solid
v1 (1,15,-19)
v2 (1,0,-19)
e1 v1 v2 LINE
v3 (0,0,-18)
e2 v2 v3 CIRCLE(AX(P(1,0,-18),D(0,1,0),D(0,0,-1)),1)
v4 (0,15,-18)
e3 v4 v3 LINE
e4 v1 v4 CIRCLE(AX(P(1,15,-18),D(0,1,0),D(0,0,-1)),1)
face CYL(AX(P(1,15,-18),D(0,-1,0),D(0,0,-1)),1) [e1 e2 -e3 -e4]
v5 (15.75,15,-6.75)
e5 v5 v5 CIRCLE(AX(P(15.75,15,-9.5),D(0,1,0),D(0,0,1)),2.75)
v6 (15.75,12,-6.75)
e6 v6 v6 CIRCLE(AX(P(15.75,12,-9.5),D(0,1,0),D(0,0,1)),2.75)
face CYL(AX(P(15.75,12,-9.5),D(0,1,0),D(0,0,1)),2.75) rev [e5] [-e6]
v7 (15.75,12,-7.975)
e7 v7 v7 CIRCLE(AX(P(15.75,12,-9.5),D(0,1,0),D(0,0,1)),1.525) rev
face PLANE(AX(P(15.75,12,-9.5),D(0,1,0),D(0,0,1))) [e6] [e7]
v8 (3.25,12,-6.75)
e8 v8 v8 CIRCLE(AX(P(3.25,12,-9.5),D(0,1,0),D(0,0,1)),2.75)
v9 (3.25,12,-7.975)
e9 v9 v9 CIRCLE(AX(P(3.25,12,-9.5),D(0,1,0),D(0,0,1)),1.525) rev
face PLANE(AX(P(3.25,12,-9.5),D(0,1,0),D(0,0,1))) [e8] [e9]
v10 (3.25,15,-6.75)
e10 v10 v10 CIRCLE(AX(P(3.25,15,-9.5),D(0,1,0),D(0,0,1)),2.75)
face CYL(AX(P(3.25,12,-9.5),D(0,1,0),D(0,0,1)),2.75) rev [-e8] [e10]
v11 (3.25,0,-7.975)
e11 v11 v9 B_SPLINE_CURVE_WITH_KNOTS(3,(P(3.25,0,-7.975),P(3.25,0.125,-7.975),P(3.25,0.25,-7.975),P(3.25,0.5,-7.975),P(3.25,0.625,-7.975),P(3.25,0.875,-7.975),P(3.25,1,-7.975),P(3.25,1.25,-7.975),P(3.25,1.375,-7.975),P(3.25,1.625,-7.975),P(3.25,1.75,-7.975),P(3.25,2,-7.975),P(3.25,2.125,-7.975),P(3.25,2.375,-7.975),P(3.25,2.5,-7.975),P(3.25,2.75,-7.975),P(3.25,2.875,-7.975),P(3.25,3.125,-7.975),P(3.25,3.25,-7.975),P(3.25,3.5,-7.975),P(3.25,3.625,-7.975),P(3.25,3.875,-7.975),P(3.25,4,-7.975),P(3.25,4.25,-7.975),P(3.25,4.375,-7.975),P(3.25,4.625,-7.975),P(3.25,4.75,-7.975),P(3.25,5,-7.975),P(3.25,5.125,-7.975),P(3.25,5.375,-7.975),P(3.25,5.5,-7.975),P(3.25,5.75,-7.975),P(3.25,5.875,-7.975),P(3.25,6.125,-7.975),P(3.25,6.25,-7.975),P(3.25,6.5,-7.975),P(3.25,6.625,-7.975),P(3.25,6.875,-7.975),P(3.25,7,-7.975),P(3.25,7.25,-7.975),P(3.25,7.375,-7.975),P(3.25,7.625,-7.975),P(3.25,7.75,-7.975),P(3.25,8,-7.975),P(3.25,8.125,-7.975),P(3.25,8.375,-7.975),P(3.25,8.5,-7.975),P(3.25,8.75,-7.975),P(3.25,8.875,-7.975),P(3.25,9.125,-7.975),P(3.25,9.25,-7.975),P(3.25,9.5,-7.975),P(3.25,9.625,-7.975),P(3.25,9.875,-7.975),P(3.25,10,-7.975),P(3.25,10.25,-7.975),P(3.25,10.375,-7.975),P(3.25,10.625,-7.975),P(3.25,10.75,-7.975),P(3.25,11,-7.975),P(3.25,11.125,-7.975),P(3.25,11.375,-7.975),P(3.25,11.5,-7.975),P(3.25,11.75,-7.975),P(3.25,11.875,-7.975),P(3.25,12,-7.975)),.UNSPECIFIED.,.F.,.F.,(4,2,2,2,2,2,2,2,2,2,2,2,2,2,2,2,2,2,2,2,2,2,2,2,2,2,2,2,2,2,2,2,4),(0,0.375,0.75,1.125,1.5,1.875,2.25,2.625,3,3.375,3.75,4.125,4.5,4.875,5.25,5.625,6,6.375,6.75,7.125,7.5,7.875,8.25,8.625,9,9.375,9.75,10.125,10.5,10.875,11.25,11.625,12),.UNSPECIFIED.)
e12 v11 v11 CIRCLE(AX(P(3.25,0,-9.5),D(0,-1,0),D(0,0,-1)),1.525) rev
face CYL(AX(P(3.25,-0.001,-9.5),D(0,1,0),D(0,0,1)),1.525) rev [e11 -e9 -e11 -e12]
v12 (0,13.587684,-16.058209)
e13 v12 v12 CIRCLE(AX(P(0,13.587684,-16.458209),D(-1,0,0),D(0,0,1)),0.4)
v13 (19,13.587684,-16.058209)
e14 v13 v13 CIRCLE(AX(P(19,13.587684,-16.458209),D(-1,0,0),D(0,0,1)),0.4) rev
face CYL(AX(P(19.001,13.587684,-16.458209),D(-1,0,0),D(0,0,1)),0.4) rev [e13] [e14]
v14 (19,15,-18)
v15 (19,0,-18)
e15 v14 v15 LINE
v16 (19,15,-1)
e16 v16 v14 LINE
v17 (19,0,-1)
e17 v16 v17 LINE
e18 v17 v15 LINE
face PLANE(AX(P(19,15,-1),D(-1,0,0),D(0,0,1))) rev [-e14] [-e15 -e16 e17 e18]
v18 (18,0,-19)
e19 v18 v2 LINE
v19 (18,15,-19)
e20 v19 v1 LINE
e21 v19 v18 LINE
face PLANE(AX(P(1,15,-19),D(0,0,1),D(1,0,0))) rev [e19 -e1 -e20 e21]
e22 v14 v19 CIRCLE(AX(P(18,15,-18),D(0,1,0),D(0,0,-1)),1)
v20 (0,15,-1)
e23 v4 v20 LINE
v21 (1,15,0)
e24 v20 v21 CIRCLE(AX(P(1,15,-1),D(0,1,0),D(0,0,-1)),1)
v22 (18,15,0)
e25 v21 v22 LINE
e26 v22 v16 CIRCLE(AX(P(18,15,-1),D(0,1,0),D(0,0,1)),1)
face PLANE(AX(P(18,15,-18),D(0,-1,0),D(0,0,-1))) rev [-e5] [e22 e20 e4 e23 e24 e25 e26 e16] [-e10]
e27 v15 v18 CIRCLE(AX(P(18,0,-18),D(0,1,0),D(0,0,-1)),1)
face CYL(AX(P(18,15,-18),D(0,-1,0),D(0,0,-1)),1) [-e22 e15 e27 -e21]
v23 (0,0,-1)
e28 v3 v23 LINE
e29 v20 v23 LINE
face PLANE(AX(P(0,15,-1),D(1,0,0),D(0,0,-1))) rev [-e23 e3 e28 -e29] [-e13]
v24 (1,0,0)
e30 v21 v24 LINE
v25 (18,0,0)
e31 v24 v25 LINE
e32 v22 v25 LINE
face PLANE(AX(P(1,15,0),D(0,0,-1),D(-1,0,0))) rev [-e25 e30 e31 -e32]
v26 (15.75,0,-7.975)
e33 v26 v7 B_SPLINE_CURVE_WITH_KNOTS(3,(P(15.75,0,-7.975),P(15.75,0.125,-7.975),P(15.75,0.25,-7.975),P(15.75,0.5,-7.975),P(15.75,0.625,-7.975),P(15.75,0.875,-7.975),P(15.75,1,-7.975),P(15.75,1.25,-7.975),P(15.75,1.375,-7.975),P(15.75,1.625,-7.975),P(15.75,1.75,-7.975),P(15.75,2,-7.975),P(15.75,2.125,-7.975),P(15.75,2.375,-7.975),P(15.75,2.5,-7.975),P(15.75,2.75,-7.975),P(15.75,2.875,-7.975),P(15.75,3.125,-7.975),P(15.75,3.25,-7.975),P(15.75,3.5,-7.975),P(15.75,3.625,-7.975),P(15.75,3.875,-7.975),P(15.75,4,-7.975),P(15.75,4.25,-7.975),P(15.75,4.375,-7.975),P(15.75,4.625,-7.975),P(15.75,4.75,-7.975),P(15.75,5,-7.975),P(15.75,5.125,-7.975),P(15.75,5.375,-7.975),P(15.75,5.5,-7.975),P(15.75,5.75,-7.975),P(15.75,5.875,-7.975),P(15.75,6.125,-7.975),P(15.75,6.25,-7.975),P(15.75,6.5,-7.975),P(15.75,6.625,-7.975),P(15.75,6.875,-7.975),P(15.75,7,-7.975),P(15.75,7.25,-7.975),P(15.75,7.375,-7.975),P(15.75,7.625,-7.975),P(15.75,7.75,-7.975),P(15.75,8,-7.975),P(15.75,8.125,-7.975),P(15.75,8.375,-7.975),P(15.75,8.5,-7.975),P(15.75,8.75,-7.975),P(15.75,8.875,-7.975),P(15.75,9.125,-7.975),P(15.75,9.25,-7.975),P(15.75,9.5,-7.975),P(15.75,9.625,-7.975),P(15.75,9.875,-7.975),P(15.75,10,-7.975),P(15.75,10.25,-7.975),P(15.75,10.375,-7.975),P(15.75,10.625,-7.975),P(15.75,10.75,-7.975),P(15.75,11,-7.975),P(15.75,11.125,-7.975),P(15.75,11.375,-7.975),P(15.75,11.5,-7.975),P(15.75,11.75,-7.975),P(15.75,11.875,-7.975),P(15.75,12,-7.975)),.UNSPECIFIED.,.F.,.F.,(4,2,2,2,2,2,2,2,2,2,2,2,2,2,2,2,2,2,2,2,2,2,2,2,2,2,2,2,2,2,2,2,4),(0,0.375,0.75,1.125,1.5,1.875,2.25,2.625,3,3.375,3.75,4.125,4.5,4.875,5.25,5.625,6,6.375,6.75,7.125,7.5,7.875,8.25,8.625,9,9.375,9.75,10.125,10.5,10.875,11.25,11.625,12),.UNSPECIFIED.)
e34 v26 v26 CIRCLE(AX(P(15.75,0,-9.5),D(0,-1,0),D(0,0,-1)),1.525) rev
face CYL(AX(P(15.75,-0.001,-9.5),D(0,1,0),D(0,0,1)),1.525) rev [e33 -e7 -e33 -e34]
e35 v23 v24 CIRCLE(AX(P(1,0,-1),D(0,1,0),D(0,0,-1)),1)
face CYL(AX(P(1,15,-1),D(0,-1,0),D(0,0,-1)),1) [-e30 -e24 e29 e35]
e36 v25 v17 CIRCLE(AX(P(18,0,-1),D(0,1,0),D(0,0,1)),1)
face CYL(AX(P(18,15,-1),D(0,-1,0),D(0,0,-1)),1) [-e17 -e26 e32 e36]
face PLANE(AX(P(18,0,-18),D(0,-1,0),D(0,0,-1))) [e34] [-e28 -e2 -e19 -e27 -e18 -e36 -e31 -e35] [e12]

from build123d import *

# Parameters (mm, degrees)
BOSS_EXTRUDE1_DEPTH = 15
CUT_EXTRUDE1_REACH  = 32.773
SKETCH2_R           = 1.525
SKETCH3_R           = 2.75
CUT_EXTRUDE2_DEPTH  = 3
CUT_EXTRUDE3_REACH  = 32.773
SKETCH4_R           = 0.4


with BuildPart() as part:
    # Sketch1 → Boss-Extrude1 (new body)
    with BuildSketch(Plane(origin=(0, 0, 0), x_dir=(1, 0, 0), z_dir=(0, 1, 0))):
        with BuildLine():
            Line((1, 0), (18, 0))
            ThreePointArc((18, 0), (18.707106781, 0.292893219), (19, 1))
            Line((19, 1), (19, 18))
            ThreePointArc((19, 18), (18.707106781, 18.707106781), (18, 19))
            Line((18, 19), (1, 19))
            ThreePointArc((1, 19), (0.292893219, 18.707106781), (0, 18))
            Line((0, 18), (0, 1))
            ThreePointArc((0, 1), (0.292893219, 0.292893219), (1, 0))
        make_face()
    extrude(amount=BOSS_EXTRUDE1_DEPTH)

    # Sketch2 → Cut-Extrude1 (cut, up to next)
    with BuildSketch(Plane(origin=(0, 15, 0), x_dir=(1, 0, 0), z_dir=(0, 1, 0)), mode=Mode.PRIVATE) as cut_extrude1_sk1:
        with Locations(Location((3.25, 9.5, 0), (0, 0, 270))):
            Circle(SKETCH2_R)
    cut_extrude1_tool1 = extrude(cut_extrude1_sk1.sketch, amount=-CUT_EXTRUDE1_REACH, mode=Mode.PRIVATE) & part.part
    # Sketch2 → Cut-Extrude1 (cut, up to next)
    with BuildSketch(Plane(origin=(0, 15, 0), x_dir=(1, 0, 0), z_dir=(0, 1, 0)), mode=Mode.PRIVATE) as cut_extrude1_sk2:
        with Locations(Location((15.75, 9.5, 0), (0, 0, 270))):
            Circle(SKETCH2_R)
    cut_extrude1_tool2 = extrude(cut_extrude1_sk2.sketch, amount=-CUT_EXTRUDE1_REACH, mode=Mode.PRIVATE) & part.part
    add(cut_extrude1_tool1.solids().sort_by_distance((3.25, 15, -9.5))[0], mode=Mode.SUBTRACT)
    add(cut_extrude1_tool2.solids().sort_by_distance((15.75, 15, -9.5))[0], mode=Mode.SUBTRACT)

    # Sketch3 → Cut-Extrude2 (cut)
    with BuildSketch(Plane(origin=(0, 15, 0), x_dir=(1, 0, 0), z_dir=(0, 1, 0))):
        with Locations(Location((3.25, 9.5, 0), (0, 0, 270))):
            Circle(SKETCH3_R)
        with Locations(Location((15.75, 9.5, 0), (0, 0, 270))):
            Circle(SKETCH3_R)
    extrude(amount=-CUT_EXTRUDE2_DEPTH, mode=Mode.SUBTRACT)

    # Sketch4 → Cut-Extrude3 (cut, up to next)
    with BuildSketch(Plane.ZY, mode=Mode.PRIVATE) as cut_extrude3_sk1:
        with Locations((-16.458209363, 13.587683821)):
            Circle(SKETCH4_R)
    cut_extrude3_tool1 = extrude(cut_extrude3_sk1.sketch, amount=-CUT_EXTRUDE3_REACH, mode=Mode.PRIVATE) & part.part
    add(cut_extrude3_tool1.solids().sort_by_distance((0, 13.587684, -16.458209))[0], mode=Mode.SUBTRACT)


solid = part.part
